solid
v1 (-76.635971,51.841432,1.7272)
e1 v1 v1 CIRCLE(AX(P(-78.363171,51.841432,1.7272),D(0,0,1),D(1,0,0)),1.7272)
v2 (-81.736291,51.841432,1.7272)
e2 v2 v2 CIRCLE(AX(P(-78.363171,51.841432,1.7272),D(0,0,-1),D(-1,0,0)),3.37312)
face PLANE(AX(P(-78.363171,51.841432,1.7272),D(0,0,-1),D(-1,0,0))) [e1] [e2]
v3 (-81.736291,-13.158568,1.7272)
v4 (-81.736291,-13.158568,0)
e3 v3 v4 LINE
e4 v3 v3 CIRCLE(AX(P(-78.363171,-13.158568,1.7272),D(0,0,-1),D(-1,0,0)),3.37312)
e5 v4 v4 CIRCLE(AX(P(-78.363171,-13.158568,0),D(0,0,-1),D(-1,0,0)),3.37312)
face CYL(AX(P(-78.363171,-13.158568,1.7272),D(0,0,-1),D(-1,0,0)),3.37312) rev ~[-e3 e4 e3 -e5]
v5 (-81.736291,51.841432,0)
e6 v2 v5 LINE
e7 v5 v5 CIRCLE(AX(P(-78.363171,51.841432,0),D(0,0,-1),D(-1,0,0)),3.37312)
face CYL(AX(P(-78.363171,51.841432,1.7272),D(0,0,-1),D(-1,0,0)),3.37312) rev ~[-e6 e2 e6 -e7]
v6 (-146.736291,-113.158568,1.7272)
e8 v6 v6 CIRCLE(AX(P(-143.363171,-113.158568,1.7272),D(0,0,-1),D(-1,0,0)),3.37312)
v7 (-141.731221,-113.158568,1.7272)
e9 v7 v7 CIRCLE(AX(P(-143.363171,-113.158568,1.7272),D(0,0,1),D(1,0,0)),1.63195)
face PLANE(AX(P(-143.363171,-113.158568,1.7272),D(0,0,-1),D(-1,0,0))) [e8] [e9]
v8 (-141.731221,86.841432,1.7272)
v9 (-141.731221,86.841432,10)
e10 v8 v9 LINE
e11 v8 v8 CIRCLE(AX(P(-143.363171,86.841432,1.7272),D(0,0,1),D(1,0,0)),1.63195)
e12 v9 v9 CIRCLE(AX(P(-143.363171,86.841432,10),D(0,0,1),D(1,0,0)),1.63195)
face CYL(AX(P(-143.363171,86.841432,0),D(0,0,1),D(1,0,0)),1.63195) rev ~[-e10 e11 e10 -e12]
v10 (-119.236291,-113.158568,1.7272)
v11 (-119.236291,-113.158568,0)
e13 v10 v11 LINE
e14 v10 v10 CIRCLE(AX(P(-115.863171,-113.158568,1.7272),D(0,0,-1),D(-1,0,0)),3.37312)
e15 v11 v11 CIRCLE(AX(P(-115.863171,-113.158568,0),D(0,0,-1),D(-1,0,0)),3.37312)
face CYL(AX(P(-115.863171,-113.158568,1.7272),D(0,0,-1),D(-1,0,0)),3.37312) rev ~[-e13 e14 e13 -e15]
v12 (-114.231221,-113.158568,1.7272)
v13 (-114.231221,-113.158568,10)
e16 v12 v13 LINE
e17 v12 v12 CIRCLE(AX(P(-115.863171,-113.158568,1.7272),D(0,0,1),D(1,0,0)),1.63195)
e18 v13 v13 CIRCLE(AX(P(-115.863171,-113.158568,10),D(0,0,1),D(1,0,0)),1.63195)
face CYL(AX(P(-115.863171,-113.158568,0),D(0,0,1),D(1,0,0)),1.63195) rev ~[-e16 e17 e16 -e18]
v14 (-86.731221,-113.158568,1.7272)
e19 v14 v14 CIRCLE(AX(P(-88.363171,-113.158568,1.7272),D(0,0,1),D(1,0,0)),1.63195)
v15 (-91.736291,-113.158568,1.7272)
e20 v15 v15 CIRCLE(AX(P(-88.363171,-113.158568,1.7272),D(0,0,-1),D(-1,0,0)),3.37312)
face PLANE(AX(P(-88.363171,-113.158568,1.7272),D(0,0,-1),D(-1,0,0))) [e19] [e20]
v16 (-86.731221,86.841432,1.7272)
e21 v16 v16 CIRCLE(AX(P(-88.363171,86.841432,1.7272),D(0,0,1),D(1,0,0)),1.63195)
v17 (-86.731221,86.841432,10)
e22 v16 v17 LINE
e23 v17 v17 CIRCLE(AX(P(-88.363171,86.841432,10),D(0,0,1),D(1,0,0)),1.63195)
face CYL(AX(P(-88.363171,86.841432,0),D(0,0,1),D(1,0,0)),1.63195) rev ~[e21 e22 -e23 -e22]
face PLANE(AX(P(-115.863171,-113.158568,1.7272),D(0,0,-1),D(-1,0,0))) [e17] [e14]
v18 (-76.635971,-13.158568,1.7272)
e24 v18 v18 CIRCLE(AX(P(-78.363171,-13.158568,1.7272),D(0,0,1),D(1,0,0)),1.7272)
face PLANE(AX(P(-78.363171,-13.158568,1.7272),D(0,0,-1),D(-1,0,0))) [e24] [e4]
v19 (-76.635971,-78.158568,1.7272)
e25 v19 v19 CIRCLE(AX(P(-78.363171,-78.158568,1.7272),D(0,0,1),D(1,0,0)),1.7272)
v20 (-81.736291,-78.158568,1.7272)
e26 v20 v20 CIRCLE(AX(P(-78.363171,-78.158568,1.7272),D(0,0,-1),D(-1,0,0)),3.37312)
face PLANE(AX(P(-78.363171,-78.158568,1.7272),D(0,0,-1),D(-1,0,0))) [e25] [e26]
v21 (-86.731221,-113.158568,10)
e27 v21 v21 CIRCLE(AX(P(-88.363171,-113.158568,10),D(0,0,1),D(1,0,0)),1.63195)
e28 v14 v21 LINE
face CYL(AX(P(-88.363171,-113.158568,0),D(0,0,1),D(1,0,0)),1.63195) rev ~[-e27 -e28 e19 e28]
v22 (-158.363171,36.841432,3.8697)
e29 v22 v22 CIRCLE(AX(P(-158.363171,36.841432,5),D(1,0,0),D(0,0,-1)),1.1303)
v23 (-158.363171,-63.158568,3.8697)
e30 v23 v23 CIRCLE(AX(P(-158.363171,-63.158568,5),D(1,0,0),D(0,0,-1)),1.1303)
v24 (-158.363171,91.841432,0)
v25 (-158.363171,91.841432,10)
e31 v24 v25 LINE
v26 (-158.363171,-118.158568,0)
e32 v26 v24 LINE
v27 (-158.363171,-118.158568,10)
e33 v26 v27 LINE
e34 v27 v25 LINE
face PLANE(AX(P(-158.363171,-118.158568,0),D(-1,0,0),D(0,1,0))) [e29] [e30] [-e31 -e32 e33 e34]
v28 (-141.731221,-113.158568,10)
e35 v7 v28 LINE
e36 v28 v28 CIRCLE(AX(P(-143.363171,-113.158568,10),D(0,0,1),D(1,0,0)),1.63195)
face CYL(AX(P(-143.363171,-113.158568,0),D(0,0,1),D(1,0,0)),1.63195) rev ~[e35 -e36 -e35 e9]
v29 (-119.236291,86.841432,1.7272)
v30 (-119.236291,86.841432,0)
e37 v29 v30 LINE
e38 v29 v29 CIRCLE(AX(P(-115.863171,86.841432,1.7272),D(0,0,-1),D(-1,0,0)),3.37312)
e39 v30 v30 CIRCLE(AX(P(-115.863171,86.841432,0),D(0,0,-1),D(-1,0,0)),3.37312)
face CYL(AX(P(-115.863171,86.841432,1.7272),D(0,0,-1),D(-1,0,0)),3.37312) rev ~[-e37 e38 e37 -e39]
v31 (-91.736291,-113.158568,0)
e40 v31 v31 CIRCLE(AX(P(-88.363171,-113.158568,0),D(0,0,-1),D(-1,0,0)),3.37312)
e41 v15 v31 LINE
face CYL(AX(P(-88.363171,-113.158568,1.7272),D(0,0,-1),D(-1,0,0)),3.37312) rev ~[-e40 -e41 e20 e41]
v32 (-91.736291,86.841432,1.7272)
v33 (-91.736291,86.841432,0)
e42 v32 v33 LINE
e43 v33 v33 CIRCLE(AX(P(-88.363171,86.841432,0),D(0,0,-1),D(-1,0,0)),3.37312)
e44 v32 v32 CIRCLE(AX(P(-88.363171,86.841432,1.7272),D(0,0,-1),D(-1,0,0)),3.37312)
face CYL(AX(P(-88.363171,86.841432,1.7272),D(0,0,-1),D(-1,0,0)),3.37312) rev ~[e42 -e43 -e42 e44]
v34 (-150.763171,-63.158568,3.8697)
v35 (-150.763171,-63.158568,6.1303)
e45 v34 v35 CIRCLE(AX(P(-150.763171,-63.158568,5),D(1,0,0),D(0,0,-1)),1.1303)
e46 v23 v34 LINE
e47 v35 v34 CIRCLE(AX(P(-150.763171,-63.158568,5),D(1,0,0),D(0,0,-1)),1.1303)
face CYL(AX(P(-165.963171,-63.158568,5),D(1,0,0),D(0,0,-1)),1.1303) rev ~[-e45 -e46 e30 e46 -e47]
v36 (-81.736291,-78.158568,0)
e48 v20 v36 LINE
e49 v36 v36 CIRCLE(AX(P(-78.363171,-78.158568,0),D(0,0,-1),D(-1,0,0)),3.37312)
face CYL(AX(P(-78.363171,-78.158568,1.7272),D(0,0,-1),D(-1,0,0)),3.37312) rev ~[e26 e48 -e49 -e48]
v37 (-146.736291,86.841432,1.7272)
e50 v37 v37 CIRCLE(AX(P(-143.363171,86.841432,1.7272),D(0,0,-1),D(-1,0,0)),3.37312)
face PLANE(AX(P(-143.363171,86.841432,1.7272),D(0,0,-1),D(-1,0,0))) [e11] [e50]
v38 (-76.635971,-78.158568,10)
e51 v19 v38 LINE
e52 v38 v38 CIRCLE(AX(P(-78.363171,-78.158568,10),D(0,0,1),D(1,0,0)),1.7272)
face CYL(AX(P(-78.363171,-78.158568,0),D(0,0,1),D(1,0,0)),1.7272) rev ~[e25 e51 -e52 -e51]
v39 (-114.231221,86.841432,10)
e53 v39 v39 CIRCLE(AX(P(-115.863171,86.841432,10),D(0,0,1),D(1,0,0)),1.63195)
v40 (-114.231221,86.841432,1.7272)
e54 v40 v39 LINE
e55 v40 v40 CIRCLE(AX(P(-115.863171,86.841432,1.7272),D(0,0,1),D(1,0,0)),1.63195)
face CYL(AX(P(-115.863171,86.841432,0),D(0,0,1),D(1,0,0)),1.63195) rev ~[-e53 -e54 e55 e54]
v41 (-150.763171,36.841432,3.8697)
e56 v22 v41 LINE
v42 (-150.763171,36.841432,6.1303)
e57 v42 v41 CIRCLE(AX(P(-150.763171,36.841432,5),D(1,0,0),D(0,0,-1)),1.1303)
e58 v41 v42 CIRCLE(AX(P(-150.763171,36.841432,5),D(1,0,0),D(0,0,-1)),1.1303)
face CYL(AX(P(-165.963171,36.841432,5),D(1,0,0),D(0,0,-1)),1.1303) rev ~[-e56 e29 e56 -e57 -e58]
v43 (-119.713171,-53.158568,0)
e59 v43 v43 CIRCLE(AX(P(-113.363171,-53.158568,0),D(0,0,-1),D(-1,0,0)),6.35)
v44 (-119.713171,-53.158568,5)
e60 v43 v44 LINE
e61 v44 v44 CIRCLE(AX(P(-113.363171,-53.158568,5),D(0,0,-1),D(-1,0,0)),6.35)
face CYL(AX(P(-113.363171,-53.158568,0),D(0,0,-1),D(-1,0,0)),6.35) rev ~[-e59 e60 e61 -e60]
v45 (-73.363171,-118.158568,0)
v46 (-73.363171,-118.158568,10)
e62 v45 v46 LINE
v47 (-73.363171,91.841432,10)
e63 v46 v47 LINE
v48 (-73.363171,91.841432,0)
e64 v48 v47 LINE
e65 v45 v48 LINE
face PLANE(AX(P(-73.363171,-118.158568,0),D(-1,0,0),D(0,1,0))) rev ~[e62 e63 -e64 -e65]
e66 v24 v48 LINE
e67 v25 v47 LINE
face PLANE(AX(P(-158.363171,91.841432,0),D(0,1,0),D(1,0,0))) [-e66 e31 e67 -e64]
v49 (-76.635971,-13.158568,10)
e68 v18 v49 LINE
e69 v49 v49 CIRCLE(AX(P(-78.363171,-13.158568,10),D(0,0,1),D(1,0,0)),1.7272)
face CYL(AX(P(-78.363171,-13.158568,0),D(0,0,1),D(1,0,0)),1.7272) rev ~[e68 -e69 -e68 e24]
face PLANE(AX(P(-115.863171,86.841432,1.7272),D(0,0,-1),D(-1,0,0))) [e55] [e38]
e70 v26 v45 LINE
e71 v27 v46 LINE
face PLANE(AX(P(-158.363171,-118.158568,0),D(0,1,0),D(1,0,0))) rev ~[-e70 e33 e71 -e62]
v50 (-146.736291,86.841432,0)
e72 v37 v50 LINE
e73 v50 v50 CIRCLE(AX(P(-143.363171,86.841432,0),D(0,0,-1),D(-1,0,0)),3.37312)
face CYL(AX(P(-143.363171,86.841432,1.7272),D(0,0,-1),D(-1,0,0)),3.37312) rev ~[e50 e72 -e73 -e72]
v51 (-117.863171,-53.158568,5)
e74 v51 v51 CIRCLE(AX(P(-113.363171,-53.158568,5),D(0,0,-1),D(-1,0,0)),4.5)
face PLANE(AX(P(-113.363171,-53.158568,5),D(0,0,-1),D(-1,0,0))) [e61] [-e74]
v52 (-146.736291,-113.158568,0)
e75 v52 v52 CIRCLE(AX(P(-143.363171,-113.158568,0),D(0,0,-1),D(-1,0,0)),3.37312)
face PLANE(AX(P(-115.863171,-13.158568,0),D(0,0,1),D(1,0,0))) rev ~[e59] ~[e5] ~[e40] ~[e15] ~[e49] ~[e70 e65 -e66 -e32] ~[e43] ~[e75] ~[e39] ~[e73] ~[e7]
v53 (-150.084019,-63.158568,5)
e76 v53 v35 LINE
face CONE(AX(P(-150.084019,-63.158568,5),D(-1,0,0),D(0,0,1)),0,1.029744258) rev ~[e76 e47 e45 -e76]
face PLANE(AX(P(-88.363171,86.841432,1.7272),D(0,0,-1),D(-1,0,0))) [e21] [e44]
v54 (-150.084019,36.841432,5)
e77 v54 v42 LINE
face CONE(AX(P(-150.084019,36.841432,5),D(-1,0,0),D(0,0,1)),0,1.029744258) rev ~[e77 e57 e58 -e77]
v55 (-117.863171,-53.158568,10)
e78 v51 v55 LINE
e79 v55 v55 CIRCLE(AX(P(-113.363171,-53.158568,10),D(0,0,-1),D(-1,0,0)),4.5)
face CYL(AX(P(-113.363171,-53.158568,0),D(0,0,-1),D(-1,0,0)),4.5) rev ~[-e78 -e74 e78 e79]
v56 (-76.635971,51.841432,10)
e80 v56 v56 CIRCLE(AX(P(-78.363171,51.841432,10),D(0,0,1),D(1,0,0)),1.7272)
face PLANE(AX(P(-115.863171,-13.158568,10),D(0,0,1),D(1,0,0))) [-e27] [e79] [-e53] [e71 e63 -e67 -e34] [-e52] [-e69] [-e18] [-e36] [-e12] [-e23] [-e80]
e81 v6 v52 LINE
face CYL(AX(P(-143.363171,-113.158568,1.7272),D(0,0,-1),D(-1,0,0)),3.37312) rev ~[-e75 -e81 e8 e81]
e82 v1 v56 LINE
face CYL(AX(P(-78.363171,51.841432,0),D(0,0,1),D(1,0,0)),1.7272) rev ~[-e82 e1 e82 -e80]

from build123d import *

# Parameters (mm, degrees)
SKETCH1_W                                           = 85
SKETCH1_H                                           = 210
BOSS_EXTRUDE1_DEPTH                                 = 10
CBORE_FOR_4_BINDING_HEAD_MACHINE_SCREW1_D           = 3.4544
CBORE_FOR_4_BINDING_HEAD_MACHINE_SCREW1_CBORE_D     = 6.74624
CBORE_FOR_4_BINDING_HEAD_MACHINE_SCREW1_CBORE_DEPTH = 1.7272
CBORE_FOR_4_BINDING_HEAD_MACHINE_SCREW2_D           = 3.2639
CBORE_FOR_4_BINDING_HEAD_MACHINE_SCREW2_DEPTH       = 10
CBORE_FOR_4_BINDING_HEAD_MACHINE_SCREW2_CBORE_D     = 6.74624
CBORE_FOR_4_BINDING_HEAD_MACHINE_SCREW2_CBORE_DEPTH = 1.7272
SKETCH10_R                                          = 6.35
SKETCH10_R_2                                        = 4.5
CUT_EXTRUDE1_DEPTH                                  = 5
CUT_EXTRUDE3_REACH                                  = 12
SKETCH10_3_R                                        = 4.5
F_4_40_TAPPED_HOLE2_D                               = 2.2606
F_4_40_TAPPED_HOLE2_DEPTH                           = 7.6
F_4_40_TAPPED_HOLE2_TIP                             = 0.679152758


with BuildPart() as part:
    # Sketch1 → Boss-Extrude1 (new body)
    with BuildSketch(Plane.XY):
        with Locations((-115.863171355, -13.158567775)):
            Rectangle(SKETCH1_W, SKETCH1_H)
    extrude(amount=BOSS_EXTRUDE1_DEPTH)

    # CBORE for #4 Binding Head Machine Screw1 (through all)
    with Locations(Plane(origin=(0, 0, 0), x_dir=(-1, 0, 0), z_dir=(0, 0, -1))):
        with Locations((78.363171355, 51.841432225), (78.363171355, -13.158567775), (78.363171355, -78.158567775)):
            CounterBoreHole(CBORE_FOR_4_BINDING_HEAD_MACHINE_SCREW1_D / 2, CBORE_FOR_4_BINDING_HEAD_MACHINE_SCREW1_CBORE_D / 2, CBORE_FOR_4_BINDING_HEAD_MACHINE_SCREW1_CBORE_DEPTH)

    # CBORE for #4 Binding Head Machine Screw2
    with Locations(Plane(origin=(0, 0, 0), x_dir=(-1, 0, 0), z_dir=(0, 0, -1))):
        with Locations((88.363171355, 86.841432225), (115.863171355, 86.841432225), (143.363171355, 86.841432225), (143.363171355, -113.158567775), (115.863171355, -113.158567775), (88.363171355, -113.158567775)):
            CounterBoreHole(CBORE_FOR_4_BINDING_HEAD_MACHINE_SCREW2_D / 2, CBORE_FOR_4_BINDING_HEAD_MACHINE_SCREW2_CBORE_D / 2, CBORE_FOR_4_BINDING_HEAD_MACHINE_SCREW2_CBORE_DEPTH, depth=CBORE_FOR_4_BINDING_HEAD_MACHINE_SCREW2_DEPTH)

    # Sketch10 → Cut-Extrude1 (cut)
    with BuildSketch(Plane(origin=(0, 0, 0), x_dir=(-1, 0, 0), z_dir=(0, 0, -1))):
        with Locations((113.363171355, -53.158567775)):
            Circle(SKETCH10_R)
        with Locations((113.363171355, -53.158567775)):
            Circle(SKETCH10_R_2, mode=Mode.SUBTRACT)
    extrude(amount=-CUT_EXTRUDE1_DEPTH, mode=Mode.SUBTRACT)

    # Sketch10<3> → Cut-Extrude3 (cut, up to next)
    with BuildSketch(Plane(origin=(0, 0, 0), x_dir=(-1, 0, 0), z_dir=(0, 0, -1)), mode=Mode.PRIVATE) as cut_extrude3_sk1:
        with Locations((113.363171355, -53.158567775)):
            Circle(SKETCH10_3_R)
    cut_extrude3_tool1 = extrude(cut_extrude3_sk1.sketch, amount=-CUT_EXTRUDE3_REACH, mode=Mode.PRIVATE) & part.part
    add(cut_extrude3_tool1.solids().sort_by_distance((-113.363171, -53.158568, 0))[0], mode=Mode.SUBTRACT)

    # #4-40 Tapped Hole2
    with Locations(Plane.ZY.offset(158.363171355)):
        with Locations((5, -63.158567775), (5, 36.841432225)):
            Hole(F_4_40_TAPPED_HOLE2_D / 2, depth=F_4_40_TAPPED_HOLE2_DEPTH)
            with Locations((0, 0, -(F_4_40_TAPPED_HOLE2_DEPTH + F_4_40_TAPPED_HOLE2_TIP / 2))):  # 118° drill point
                Cone(0, F_4_40_TAPPED_HOLE2_D / 2, F_4_40_TAPPED_HOLE2_TIP, mode=Mode.SUBTRACT)


solid = part.part
